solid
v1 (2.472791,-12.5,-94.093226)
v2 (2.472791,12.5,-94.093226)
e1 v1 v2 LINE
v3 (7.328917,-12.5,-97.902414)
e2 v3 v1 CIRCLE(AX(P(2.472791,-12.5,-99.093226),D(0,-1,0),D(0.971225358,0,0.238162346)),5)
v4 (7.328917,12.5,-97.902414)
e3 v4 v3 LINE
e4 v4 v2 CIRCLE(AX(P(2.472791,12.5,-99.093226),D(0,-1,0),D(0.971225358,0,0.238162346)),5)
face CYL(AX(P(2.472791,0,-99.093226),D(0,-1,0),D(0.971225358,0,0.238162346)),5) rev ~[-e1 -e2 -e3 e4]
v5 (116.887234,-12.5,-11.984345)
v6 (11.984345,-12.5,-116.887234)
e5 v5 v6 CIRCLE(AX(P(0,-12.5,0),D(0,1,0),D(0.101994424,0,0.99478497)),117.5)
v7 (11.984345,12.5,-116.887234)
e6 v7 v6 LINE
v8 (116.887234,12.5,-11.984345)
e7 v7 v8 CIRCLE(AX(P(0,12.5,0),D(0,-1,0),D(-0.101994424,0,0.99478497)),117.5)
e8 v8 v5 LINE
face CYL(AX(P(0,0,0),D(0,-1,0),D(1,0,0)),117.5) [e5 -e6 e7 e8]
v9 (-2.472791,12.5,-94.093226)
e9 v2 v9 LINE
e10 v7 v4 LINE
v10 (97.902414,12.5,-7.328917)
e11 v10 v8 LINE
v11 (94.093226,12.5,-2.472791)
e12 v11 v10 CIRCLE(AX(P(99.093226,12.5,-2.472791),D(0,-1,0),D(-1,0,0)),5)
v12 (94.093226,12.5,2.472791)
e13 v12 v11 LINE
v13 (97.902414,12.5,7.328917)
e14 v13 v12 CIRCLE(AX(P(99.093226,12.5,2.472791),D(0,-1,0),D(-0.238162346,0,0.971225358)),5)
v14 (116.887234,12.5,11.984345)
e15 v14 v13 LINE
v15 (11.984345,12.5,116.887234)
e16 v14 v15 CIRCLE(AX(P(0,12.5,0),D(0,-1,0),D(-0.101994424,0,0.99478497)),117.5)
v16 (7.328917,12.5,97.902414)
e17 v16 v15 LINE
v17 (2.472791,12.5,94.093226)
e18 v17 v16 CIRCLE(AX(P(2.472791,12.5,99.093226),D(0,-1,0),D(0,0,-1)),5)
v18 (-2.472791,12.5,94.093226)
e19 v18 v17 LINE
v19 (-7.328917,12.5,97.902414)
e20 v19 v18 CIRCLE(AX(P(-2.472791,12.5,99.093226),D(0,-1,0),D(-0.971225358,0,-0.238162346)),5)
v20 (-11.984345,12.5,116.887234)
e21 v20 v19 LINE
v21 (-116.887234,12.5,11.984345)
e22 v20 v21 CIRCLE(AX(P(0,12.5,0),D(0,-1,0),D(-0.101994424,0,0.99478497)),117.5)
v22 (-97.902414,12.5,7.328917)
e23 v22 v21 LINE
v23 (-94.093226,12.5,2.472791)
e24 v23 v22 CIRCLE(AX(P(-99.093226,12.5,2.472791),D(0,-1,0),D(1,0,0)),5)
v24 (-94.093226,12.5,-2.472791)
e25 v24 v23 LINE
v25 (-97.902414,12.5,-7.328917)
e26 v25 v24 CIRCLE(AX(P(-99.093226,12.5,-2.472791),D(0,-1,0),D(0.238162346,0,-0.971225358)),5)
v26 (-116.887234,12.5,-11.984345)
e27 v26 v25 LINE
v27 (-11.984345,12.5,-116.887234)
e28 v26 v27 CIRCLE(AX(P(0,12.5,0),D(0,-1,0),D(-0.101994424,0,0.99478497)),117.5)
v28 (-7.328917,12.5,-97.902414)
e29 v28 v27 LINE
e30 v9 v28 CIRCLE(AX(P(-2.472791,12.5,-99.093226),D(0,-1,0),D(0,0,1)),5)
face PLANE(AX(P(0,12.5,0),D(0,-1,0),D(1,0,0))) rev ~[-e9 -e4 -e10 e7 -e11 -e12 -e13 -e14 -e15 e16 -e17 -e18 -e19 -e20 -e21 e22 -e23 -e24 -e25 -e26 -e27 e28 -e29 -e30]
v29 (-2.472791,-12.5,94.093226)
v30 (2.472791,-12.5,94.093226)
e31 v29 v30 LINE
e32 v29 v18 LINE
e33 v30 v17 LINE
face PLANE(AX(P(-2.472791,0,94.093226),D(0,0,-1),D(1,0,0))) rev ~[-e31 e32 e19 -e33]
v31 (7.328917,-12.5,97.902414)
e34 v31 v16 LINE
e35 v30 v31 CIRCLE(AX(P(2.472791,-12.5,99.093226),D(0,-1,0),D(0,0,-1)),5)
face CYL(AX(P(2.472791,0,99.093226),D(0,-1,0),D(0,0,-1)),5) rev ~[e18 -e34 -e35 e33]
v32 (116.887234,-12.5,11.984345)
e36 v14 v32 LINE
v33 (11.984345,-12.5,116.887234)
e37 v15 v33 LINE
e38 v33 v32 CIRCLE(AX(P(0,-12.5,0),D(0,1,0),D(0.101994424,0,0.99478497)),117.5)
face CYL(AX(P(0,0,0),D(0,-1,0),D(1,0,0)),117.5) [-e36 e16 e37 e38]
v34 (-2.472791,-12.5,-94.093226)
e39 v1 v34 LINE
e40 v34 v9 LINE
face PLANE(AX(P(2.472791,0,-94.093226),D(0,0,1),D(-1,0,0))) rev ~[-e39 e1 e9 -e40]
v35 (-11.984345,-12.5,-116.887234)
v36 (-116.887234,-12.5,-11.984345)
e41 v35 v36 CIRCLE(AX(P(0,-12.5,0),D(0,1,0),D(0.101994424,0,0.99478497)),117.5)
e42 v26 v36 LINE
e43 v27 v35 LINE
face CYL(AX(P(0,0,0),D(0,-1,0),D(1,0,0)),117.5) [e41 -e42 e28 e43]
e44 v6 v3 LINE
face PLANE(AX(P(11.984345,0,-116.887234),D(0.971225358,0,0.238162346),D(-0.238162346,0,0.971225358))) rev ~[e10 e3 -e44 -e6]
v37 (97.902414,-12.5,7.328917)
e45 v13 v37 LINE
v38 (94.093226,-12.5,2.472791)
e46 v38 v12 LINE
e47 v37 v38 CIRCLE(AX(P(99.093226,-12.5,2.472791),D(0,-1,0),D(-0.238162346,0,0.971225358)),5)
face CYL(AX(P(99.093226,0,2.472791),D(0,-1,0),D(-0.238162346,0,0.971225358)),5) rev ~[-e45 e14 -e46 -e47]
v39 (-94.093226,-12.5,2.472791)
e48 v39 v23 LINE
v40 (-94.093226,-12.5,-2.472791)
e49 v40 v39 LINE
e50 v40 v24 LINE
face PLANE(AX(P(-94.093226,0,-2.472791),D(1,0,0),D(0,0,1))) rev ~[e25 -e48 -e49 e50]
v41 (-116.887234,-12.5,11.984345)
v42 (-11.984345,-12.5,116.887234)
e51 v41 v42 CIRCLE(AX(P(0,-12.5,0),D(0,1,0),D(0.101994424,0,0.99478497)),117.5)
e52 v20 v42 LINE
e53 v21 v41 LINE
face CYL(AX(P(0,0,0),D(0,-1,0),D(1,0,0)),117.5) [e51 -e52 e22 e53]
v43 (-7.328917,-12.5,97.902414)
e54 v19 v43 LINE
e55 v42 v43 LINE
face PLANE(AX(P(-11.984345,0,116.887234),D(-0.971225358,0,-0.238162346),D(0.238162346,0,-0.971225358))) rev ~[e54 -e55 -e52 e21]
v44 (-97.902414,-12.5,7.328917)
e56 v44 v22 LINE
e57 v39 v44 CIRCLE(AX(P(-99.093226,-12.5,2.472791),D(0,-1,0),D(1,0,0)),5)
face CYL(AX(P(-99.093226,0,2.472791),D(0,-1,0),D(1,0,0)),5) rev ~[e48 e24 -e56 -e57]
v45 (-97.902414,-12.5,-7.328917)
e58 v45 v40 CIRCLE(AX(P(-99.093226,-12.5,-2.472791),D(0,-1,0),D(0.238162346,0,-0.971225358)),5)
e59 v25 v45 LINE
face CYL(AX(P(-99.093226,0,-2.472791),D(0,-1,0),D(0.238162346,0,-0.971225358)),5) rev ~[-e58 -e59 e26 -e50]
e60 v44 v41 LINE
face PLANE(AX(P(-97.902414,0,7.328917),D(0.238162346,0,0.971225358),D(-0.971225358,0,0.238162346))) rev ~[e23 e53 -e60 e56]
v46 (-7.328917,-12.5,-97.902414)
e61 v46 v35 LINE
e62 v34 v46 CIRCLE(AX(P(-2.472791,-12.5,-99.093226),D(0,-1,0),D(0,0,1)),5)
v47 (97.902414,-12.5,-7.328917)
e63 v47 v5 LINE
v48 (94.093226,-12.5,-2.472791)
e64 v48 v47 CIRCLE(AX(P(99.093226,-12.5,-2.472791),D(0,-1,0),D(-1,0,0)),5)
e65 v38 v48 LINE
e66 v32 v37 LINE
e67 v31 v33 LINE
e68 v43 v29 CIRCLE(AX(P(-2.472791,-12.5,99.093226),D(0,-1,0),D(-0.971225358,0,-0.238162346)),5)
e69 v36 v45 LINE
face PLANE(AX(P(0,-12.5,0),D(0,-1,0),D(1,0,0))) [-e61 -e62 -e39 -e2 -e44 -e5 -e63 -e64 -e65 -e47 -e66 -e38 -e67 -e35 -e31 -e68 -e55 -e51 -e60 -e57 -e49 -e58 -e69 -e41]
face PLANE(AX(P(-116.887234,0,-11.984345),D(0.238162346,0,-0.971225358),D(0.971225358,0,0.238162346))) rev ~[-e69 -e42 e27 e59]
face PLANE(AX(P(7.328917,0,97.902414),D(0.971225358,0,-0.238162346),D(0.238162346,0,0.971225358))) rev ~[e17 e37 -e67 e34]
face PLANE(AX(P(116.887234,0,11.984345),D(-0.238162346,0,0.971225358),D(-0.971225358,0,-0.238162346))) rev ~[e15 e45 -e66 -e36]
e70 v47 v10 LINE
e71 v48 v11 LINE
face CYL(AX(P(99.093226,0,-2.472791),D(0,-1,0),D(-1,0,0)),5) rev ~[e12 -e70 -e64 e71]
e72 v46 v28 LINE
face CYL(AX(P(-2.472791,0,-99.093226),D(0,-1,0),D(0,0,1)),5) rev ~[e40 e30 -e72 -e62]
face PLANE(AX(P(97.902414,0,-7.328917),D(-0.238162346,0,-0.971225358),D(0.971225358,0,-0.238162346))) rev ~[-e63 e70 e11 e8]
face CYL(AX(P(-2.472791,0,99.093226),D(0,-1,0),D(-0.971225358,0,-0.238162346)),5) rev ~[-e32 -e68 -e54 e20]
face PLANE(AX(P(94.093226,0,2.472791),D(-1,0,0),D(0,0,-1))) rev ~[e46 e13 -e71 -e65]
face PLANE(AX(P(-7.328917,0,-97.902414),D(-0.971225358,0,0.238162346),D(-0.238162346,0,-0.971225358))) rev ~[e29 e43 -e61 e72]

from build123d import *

# Parameters (mm, degrees)
F0_R     = 117.5
F1_DEPTH = 12.5
F3_DEPTH = 12.5
F4_COUNT = 4


with BuildPart() as f1:
    # F0 (on Front) → F1 (new body, symmetric)
    with BuildSketch(Plane.XZ):
        Circle(F0_R)
    extrude(amount=F1_DEPTH, both=True)

    # F2 (on Front) → F3 (cut, symmetric)
    with BuildSketch(Plane.XZ):
        with BuildLine():
            Line((7.3289173795, 97.9024141661), (11.9843448736, 116.8872340247))
            ThreePointArc((11.9843448736, 116.8872340247), (0, 117.5), (-11.9843448736, 116.8872340247))
            Line((-11.9843448736, 116.8872340247), (-7.3289173795, 97.9024141661))
            ThreePointArc((-7.3289173795, 97.9024141661), (-5.5587216743, 95.1591403196), (-2.4727905872, 94.0932258964))
            Line((-2.4727905872, 94.0932258964), (2.4727905872, 94.0932258964))
            ThreePointArc((2.4727905872, 94.0932258964), (5.5587216743, 95.1591403196), (7.3289173795, 97.9024141661))
        make_face()
    f3 = extrude(amount=F3_DEPTH, both=True, mode=Mode.SUBTRACT)

    # F4: F3 ×4 about axis
    f4_axis = Axis((0, 0, 0), (0, -1, 0))
    for i in range(1, F4_COUNT):
        add(f3.rotate(f4_axis, i * 360 / F4_COUNT), mode=Mode.SUBTRACT)


solid = f1.part
